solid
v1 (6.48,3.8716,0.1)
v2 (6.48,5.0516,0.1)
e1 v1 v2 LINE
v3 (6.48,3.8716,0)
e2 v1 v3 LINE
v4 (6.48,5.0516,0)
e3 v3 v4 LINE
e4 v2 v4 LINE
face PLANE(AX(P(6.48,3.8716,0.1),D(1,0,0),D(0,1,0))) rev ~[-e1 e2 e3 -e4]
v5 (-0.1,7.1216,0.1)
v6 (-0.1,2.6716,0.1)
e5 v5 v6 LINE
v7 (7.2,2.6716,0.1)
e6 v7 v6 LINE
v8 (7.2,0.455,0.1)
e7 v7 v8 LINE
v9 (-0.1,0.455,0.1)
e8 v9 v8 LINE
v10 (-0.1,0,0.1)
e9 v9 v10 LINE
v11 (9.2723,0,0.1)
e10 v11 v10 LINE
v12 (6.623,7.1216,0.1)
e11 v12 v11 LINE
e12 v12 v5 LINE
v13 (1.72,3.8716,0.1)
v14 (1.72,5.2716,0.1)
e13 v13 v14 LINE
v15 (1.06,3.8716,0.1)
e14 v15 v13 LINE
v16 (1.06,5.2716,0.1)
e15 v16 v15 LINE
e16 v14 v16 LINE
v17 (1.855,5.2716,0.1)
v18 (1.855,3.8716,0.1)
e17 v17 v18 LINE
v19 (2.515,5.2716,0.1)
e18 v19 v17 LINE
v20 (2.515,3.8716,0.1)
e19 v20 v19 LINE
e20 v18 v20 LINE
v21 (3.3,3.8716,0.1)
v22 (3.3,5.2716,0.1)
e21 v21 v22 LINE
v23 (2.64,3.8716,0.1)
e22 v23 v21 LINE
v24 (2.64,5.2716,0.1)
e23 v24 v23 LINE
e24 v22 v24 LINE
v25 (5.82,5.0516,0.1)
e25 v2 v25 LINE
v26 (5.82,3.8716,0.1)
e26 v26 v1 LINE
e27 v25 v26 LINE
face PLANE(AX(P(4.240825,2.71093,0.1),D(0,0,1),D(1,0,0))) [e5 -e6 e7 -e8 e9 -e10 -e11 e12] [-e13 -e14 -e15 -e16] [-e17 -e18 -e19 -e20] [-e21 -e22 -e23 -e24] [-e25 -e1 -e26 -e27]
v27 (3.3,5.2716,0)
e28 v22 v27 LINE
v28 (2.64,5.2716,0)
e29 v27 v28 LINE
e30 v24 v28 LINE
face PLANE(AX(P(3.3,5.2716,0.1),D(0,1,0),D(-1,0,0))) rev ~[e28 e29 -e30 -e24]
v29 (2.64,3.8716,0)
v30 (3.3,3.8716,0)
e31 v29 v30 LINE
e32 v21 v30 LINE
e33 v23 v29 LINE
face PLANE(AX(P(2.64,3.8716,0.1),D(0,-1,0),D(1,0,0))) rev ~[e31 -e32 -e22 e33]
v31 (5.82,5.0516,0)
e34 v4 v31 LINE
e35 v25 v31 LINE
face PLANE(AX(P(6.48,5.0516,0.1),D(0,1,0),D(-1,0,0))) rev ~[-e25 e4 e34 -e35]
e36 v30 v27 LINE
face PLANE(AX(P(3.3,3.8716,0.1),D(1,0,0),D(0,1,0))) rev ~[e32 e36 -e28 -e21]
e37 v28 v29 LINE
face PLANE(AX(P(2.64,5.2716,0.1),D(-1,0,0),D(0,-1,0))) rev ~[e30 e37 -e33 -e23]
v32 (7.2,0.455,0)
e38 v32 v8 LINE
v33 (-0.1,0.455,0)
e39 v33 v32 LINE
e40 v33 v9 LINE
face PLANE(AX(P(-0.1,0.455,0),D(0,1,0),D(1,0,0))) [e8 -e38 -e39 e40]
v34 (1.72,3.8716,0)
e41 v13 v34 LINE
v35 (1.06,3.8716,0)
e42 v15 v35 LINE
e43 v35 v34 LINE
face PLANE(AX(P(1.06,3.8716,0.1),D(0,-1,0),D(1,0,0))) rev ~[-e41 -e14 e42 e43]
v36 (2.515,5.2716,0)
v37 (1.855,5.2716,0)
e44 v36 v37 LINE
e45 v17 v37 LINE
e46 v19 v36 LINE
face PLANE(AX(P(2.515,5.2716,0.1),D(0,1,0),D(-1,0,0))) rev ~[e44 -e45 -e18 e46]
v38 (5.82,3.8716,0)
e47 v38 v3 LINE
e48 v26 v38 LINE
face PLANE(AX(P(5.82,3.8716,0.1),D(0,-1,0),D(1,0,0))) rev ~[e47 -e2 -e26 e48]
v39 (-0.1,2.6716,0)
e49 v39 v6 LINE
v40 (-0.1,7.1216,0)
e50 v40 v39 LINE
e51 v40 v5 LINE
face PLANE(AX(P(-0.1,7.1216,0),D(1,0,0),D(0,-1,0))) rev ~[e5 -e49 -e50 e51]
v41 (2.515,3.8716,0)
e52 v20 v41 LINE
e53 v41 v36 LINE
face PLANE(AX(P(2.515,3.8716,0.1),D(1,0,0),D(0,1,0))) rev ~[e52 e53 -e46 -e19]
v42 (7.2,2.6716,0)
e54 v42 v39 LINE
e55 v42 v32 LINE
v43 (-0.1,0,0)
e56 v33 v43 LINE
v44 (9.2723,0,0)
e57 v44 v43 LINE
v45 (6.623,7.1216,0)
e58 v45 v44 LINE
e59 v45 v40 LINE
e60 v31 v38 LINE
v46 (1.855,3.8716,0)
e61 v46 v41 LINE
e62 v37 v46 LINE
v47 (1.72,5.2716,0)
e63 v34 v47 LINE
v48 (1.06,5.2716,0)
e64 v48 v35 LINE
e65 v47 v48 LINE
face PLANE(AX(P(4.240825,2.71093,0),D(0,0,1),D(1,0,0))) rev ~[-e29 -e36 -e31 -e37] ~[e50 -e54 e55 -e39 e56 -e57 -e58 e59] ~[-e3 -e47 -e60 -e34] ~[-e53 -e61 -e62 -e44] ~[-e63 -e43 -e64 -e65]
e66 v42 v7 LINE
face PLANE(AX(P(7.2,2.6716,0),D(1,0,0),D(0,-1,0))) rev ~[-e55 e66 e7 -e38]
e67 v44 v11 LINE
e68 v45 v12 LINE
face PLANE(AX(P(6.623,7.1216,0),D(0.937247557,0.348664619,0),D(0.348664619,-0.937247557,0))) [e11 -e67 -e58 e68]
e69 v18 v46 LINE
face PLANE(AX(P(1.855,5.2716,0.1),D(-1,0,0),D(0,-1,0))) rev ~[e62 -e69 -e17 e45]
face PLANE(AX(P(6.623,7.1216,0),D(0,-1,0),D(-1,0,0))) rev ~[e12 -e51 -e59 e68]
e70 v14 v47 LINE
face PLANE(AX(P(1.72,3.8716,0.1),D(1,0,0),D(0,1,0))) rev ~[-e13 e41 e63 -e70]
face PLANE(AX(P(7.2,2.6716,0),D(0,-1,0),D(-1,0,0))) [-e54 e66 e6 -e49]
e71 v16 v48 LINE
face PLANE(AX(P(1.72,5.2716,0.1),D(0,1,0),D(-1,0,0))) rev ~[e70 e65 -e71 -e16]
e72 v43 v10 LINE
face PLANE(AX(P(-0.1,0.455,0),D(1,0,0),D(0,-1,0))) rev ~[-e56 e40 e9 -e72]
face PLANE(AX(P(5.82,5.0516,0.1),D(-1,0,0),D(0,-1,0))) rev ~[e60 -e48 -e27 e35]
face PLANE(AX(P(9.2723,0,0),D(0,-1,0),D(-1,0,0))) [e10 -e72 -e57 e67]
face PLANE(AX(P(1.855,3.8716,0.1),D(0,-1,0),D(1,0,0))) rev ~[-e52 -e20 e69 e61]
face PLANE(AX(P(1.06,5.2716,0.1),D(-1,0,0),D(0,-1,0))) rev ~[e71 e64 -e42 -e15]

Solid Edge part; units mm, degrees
sketch "Sketch1" plane through (0, 0, 0) normal (0, 0, 1) x (1, 0, 0)
  line L0 (-0.1, 7.1216) -> (-0.1, 2.6716)
  line L1 (7.2, 2.6716) -> (-0.1, 2.6716)
  line L2 (7.2, 2.6716) -> (7.2, 0.455)
  line L3 (-0.1, 0.455) -> (7.2, 0.455)
  line L4 (-0.1, 0.455) -> (-0.1, 0)
  line L5 (9.2723, 0) -> (-0.1, 0)
  line L6 (6.623, 7.1216) -> (9.2723, 0)
  line L7 (6.623, 7.1216) -> (-0.1, 7.1216)
  dimension "D1" = 0.455
  dimension "D2" = 4.45
  dimension "D3" = 7.3
extrude "Protrusion1" add sketch "Sketch1" along normal blind 0.1
sketch "Sketch2" plane through (4.6037, 3.5608, 0.1) normal (0, 0, 1) x (1, 0, 0)
  line L0 (-2.7487, 0.3108) -> (-2.0887, 0.3108)
  line L1 (-2.0887, 0.3108) -> (-2.0887, 1.7108)
  line L2 (-2.0887, 1.7108) -> (-2.7487, 1.7108)
  line L3 (-2.7487, 1.7108) -> (-2.7487, 0.3108)
  line L4 (-1.9637, 0.3108) -> (-1.3037, 0.3108)
  line L5 (-1.3037, 0.3108) -> (-1.3037, 1.7108)
  line L6 (-1.3037, 1.7108) -> (-1.9637, 1.7108)
  line L7 (-1.9637, 1.7108) -> (-1.9637, 0.3108)
  line L8 (1.2163, 0.3108) -> (1.8763, 0.3108)
  line L9 (1.8763, 0.3108) -> (1.8763, 1.4908)
  line L10 (1.8763, 1.4908) -> (1.2163, 1.4908)
  line L11 (1.2163, 1.4908) -> (1.2163, 0.3108)
  line L12 (-3.5437, 0.3108) -> (-2.8837, 0.3108)
  line L13 (-2.8837, 0.3108) -> (-2.8837, 1.7108)
  line L14 (-2.8837, 1.7108) -> (-3.5437, 1.7108)
  line L15 (-3.5437, 1.7108) -> (-3.5437, 0.3108)
  dimension "D1" = 2.8837
  dimension "D2" = 3.5437
  dimension "D3" = 1.2163
extrude "Cutout1" cut sketch "Sketch2" against normal through all
